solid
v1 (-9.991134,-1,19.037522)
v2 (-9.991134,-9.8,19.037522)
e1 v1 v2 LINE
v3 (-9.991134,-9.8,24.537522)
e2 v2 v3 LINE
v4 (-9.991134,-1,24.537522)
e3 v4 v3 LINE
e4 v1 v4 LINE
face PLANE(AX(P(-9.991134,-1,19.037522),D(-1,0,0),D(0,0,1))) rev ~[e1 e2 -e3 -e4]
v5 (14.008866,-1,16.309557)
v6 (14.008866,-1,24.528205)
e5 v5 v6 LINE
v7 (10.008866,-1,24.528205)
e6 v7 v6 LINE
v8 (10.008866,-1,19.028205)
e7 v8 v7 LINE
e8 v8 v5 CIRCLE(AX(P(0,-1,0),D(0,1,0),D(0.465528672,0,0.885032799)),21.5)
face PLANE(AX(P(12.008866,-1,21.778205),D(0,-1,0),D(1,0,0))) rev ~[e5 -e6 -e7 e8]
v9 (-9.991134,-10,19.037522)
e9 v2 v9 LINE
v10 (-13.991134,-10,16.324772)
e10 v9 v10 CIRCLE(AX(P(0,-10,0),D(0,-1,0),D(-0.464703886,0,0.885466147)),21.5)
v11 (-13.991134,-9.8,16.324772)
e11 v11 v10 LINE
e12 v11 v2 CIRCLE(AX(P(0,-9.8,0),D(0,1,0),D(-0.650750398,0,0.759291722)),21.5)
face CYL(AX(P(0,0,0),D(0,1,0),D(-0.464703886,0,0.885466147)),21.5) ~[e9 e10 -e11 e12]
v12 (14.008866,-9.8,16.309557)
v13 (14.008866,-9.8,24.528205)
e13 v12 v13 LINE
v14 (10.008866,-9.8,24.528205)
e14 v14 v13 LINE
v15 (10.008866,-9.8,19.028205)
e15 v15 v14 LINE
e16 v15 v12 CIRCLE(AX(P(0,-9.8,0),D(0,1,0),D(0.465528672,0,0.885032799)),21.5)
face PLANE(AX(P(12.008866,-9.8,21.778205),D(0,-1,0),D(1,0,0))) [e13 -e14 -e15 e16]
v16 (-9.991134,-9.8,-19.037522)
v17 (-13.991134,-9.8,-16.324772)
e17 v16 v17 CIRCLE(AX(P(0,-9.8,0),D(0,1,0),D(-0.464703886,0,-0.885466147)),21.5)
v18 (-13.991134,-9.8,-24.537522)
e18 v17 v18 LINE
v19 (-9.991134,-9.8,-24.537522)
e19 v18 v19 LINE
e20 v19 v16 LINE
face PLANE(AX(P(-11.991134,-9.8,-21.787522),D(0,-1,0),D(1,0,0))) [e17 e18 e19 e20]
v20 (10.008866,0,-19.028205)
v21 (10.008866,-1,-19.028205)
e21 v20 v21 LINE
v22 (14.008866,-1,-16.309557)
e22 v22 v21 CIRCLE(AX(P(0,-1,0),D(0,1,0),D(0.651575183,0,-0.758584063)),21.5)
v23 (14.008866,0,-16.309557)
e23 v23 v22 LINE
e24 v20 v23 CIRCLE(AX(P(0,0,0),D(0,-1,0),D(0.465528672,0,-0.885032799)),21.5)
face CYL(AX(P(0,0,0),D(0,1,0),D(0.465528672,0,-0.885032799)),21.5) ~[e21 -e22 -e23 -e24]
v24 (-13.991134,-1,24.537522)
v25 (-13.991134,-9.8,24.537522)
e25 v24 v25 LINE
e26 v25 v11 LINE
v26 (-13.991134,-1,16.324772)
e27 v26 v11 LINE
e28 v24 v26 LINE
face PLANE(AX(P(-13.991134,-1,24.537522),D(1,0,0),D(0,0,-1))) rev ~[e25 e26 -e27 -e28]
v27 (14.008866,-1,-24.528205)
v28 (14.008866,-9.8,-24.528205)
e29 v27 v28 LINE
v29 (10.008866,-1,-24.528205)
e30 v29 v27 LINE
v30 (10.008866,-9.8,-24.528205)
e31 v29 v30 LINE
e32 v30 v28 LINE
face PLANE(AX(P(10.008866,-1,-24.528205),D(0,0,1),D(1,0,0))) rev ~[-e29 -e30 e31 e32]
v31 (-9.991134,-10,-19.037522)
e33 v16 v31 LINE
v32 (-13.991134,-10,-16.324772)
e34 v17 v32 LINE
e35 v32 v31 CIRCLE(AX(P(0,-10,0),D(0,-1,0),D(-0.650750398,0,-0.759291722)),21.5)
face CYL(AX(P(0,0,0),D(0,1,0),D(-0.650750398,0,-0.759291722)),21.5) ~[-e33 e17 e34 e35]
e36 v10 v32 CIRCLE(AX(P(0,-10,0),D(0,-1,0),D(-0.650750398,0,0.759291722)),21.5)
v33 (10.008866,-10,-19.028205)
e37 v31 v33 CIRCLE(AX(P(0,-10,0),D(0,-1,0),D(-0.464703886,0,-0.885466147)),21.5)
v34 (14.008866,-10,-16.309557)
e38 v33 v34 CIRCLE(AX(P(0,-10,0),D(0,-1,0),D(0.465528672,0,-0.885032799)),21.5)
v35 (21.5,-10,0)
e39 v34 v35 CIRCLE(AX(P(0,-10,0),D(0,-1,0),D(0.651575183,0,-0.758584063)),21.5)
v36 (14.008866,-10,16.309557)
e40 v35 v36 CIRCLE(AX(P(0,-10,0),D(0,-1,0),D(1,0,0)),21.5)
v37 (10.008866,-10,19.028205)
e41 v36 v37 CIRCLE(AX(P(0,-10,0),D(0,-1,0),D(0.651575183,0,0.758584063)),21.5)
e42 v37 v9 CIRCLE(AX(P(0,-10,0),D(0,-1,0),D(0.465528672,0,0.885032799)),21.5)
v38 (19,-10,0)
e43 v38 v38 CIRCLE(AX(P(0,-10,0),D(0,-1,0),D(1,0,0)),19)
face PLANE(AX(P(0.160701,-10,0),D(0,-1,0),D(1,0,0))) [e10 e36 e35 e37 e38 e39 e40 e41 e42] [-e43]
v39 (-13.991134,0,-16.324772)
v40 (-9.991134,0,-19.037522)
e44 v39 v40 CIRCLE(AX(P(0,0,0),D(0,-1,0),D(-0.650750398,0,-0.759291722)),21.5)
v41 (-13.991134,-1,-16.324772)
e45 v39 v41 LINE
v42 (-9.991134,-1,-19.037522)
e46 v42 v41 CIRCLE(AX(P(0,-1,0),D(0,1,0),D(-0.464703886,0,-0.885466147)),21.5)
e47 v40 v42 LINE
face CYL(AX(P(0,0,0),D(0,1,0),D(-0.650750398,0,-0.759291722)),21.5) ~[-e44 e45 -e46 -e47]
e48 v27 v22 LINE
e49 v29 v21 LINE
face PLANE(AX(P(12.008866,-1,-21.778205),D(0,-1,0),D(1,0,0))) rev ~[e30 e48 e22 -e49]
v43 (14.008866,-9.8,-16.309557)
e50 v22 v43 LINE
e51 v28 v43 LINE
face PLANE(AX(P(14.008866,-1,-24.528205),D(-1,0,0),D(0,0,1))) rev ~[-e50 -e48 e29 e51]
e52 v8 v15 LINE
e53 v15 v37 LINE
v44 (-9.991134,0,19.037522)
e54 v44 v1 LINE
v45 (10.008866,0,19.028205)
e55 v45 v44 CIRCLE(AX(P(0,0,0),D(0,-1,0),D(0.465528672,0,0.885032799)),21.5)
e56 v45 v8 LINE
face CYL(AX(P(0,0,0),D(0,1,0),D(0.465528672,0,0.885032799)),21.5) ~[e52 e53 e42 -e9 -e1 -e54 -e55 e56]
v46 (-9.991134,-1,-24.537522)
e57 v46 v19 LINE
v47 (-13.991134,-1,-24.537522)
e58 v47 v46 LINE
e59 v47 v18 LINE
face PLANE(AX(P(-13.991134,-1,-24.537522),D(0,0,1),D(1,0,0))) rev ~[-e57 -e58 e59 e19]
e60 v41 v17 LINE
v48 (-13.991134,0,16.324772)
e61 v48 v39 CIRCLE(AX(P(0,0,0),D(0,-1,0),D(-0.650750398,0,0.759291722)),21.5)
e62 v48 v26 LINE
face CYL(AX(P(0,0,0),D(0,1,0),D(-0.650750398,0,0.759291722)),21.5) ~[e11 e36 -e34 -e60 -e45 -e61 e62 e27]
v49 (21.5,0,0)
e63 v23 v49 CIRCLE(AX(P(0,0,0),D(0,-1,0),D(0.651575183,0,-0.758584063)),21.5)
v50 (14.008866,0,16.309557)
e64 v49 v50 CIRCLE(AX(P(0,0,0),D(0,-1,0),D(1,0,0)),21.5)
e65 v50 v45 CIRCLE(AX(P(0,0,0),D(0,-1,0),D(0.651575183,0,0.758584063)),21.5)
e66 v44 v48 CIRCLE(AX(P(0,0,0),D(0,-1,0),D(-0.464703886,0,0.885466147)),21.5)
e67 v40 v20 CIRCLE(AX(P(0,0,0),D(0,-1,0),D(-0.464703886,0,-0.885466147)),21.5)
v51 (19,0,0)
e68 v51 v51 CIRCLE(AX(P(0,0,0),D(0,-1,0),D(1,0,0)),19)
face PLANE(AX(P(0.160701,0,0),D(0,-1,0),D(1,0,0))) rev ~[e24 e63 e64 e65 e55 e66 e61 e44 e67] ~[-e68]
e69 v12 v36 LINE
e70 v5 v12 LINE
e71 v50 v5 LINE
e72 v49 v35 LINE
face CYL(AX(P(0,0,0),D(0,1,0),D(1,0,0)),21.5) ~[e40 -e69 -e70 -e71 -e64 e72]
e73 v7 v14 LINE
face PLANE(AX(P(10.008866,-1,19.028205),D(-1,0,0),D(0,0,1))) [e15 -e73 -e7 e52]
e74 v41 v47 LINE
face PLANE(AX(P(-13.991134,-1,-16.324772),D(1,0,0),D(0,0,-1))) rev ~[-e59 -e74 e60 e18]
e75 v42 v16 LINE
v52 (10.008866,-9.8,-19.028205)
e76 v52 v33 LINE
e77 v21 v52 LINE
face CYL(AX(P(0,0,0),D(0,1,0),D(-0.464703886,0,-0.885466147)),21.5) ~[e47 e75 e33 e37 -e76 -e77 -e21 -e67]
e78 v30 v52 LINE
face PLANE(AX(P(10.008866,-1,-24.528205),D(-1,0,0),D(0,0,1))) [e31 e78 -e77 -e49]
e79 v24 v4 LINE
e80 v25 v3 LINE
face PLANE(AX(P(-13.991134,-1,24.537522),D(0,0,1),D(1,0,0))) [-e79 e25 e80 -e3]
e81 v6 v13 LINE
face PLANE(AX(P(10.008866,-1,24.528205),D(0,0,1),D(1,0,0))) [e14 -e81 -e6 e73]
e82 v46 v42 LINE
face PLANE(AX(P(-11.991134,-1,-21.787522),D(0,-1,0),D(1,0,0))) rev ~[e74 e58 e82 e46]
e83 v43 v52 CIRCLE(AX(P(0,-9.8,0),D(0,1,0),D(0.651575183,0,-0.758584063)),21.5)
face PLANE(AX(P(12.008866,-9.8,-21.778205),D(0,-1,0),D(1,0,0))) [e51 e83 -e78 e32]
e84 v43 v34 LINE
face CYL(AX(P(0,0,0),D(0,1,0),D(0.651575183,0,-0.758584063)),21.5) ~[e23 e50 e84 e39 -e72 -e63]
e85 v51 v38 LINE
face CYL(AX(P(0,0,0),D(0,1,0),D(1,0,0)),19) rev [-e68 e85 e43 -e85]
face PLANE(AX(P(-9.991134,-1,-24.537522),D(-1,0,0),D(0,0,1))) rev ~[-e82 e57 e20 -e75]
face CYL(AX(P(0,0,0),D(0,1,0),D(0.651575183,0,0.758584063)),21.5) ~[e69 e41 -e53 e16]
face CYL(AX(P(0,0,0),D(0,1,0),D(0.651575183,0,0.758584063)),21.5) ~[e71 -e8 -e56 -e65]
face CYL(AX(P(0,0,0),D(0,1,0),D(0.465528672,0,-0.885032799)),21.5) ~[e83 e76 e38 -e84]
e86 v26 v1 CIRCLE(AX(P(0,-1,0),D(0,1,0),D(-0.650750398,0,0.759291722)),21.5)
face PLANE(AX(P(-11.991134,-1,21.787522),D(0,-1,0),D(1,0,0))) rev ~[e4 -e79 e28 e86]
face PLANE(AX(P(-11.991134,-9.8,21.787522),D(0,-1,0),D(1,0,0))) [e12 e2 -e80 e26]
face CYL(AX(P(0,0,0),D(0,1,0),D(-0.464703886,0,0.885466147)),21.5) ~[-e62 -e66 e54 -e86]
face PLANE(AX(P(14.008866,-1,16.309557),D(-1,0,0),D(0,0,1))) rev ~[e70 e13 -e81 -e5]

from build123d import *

# Parameters (mm, degrees)
F0_R     = 21
F0_R_2   = 19
F1_DEPTH = 10
F2_START = 1
F0_W     = 4
F0_H     = 5.5
F2_DEPTH = 8.8


with BuildPart() as f1:
    # F0 (on Front) → F1 (new body)
    with BuildSketch(Plane.XZ):
        with BuildLine():
            ThreePointArc((14.0088664428, -16.3095573511), (19.5376639919, -8.9738333916), (21.5, 0))
            ThreePointArc((21.5, 0), (19.5376639919, 8.9738333916), (14.0088664428, 16.3095573511))
            ThreePointArc((14.0088664428, 16.3095573511), (12.085554797, 17.7817143507), (10.0088664428, 19.0282051842))
            ThreePointArc((10.0088664428, 19.0282051842), (0.010015755, 21.4999976671), (-9.9911335572, 19.0375221665))
            ThreePointArc((-9.9911335572, 19.0375221665), (-12.067602799, 17.7939024018), (-13.9911335572, 16.3247720285))
            ThreePointArc((-13.9911335572, 16.3247720285), (-21.5, 0), (-13.9911335572, -16.3247720285))
            ThreePointArc((-13.9911335572, -16.3247720285), (-12.067602799, -17.7939024018), (-9.9911335572, -19.0375221665))
            ThreePointArc((-9.9911335572, -19.0375221665), (0.010015755, -21.4999976671), (10.0088664428, -19.0282051842))
            ThreePointArc((10.0088664428, -19.0282051842), (12.085554797, -17.7817143507), (14.0088664428, -16.3095573511))
        make_face()
        Circle(F0_R, mode=Mode.SUBTRACT)
        Circle(F0_R)
        Circle(F0_R_2, mode=Mode.SUBTRACT)
    extrude(amount=F1_DEPTH)

    # F0 (on Front) → F2 (join)
    with BuildSketch(Plane.XZ.offset(F2_START)):
        with Locations((12.0088664428, 21.7782051842)):
            Rectangle(F0_W, F0_H)
        with BuildLine():
            ThreePointArc((10.0088664428, 19.0282051842), (12.085554797, 17.7817143507), (14.0088664428, 16.3095573511))
            Line((14.0088664428, 16.3095573511), (14.0088664428, 19.0282051842))
            Line((14.0088664428, 19.0282051842), (10.0088664428, 19.0282051842))
        make_face()
        with Locations((-11.9911335572, 21.7875221665)):
            Rectangle(F0_W, F0_H)
        with BuildLine():
            ThreePointArc((-13.9911335572, 16.3247720285), (-12.067602799, 17.7939024018), (-9.9911335572, 19.0375221665))
            Line((-9.9911335572, 19.0375221665), (-13.9911335572, 19.0375221665))
            Line((-13.9911335572, 19.0375221665), (-13.9911335572, 16.3247720285))
        make_face()
        with Locations((12.0088664428, -21.7782051842)):
            Rectangle(F0_W, F0_H)
        with Locations((-11.9911335572, -21.7875221665)):
            Rectangle(F0_W, F0_H)
        with BuildLine():
            Line((-13.9911335572, -19.0375221665), (-9.9911335572, -19.0375221665))
            ThreePointArc((-9.9911335572, -19.0375221665), (-12.067602799, -17.7939024018), (-13.9911335572, -16.3247720285))
            Line((-13.9911335572, -16.3247720285), (-13.9911335572, -19.0375221665))
        make_face()
        with BuildLine():
            Line((14.0088664428, -19.0282051842), (14.0088664428, -16.3095573511))
            ThreePointArc((14.0088664428, -16.3095573511), (12.085554797, -17.7817143507), (10.0088664428, -19.0282051842))
            Line((10.0088664428, -19.0282051842), (14.0088664428, -19.0282051842))
        make_face()
    extrude(amount=F2_DEPTH)


solid = f1.part
